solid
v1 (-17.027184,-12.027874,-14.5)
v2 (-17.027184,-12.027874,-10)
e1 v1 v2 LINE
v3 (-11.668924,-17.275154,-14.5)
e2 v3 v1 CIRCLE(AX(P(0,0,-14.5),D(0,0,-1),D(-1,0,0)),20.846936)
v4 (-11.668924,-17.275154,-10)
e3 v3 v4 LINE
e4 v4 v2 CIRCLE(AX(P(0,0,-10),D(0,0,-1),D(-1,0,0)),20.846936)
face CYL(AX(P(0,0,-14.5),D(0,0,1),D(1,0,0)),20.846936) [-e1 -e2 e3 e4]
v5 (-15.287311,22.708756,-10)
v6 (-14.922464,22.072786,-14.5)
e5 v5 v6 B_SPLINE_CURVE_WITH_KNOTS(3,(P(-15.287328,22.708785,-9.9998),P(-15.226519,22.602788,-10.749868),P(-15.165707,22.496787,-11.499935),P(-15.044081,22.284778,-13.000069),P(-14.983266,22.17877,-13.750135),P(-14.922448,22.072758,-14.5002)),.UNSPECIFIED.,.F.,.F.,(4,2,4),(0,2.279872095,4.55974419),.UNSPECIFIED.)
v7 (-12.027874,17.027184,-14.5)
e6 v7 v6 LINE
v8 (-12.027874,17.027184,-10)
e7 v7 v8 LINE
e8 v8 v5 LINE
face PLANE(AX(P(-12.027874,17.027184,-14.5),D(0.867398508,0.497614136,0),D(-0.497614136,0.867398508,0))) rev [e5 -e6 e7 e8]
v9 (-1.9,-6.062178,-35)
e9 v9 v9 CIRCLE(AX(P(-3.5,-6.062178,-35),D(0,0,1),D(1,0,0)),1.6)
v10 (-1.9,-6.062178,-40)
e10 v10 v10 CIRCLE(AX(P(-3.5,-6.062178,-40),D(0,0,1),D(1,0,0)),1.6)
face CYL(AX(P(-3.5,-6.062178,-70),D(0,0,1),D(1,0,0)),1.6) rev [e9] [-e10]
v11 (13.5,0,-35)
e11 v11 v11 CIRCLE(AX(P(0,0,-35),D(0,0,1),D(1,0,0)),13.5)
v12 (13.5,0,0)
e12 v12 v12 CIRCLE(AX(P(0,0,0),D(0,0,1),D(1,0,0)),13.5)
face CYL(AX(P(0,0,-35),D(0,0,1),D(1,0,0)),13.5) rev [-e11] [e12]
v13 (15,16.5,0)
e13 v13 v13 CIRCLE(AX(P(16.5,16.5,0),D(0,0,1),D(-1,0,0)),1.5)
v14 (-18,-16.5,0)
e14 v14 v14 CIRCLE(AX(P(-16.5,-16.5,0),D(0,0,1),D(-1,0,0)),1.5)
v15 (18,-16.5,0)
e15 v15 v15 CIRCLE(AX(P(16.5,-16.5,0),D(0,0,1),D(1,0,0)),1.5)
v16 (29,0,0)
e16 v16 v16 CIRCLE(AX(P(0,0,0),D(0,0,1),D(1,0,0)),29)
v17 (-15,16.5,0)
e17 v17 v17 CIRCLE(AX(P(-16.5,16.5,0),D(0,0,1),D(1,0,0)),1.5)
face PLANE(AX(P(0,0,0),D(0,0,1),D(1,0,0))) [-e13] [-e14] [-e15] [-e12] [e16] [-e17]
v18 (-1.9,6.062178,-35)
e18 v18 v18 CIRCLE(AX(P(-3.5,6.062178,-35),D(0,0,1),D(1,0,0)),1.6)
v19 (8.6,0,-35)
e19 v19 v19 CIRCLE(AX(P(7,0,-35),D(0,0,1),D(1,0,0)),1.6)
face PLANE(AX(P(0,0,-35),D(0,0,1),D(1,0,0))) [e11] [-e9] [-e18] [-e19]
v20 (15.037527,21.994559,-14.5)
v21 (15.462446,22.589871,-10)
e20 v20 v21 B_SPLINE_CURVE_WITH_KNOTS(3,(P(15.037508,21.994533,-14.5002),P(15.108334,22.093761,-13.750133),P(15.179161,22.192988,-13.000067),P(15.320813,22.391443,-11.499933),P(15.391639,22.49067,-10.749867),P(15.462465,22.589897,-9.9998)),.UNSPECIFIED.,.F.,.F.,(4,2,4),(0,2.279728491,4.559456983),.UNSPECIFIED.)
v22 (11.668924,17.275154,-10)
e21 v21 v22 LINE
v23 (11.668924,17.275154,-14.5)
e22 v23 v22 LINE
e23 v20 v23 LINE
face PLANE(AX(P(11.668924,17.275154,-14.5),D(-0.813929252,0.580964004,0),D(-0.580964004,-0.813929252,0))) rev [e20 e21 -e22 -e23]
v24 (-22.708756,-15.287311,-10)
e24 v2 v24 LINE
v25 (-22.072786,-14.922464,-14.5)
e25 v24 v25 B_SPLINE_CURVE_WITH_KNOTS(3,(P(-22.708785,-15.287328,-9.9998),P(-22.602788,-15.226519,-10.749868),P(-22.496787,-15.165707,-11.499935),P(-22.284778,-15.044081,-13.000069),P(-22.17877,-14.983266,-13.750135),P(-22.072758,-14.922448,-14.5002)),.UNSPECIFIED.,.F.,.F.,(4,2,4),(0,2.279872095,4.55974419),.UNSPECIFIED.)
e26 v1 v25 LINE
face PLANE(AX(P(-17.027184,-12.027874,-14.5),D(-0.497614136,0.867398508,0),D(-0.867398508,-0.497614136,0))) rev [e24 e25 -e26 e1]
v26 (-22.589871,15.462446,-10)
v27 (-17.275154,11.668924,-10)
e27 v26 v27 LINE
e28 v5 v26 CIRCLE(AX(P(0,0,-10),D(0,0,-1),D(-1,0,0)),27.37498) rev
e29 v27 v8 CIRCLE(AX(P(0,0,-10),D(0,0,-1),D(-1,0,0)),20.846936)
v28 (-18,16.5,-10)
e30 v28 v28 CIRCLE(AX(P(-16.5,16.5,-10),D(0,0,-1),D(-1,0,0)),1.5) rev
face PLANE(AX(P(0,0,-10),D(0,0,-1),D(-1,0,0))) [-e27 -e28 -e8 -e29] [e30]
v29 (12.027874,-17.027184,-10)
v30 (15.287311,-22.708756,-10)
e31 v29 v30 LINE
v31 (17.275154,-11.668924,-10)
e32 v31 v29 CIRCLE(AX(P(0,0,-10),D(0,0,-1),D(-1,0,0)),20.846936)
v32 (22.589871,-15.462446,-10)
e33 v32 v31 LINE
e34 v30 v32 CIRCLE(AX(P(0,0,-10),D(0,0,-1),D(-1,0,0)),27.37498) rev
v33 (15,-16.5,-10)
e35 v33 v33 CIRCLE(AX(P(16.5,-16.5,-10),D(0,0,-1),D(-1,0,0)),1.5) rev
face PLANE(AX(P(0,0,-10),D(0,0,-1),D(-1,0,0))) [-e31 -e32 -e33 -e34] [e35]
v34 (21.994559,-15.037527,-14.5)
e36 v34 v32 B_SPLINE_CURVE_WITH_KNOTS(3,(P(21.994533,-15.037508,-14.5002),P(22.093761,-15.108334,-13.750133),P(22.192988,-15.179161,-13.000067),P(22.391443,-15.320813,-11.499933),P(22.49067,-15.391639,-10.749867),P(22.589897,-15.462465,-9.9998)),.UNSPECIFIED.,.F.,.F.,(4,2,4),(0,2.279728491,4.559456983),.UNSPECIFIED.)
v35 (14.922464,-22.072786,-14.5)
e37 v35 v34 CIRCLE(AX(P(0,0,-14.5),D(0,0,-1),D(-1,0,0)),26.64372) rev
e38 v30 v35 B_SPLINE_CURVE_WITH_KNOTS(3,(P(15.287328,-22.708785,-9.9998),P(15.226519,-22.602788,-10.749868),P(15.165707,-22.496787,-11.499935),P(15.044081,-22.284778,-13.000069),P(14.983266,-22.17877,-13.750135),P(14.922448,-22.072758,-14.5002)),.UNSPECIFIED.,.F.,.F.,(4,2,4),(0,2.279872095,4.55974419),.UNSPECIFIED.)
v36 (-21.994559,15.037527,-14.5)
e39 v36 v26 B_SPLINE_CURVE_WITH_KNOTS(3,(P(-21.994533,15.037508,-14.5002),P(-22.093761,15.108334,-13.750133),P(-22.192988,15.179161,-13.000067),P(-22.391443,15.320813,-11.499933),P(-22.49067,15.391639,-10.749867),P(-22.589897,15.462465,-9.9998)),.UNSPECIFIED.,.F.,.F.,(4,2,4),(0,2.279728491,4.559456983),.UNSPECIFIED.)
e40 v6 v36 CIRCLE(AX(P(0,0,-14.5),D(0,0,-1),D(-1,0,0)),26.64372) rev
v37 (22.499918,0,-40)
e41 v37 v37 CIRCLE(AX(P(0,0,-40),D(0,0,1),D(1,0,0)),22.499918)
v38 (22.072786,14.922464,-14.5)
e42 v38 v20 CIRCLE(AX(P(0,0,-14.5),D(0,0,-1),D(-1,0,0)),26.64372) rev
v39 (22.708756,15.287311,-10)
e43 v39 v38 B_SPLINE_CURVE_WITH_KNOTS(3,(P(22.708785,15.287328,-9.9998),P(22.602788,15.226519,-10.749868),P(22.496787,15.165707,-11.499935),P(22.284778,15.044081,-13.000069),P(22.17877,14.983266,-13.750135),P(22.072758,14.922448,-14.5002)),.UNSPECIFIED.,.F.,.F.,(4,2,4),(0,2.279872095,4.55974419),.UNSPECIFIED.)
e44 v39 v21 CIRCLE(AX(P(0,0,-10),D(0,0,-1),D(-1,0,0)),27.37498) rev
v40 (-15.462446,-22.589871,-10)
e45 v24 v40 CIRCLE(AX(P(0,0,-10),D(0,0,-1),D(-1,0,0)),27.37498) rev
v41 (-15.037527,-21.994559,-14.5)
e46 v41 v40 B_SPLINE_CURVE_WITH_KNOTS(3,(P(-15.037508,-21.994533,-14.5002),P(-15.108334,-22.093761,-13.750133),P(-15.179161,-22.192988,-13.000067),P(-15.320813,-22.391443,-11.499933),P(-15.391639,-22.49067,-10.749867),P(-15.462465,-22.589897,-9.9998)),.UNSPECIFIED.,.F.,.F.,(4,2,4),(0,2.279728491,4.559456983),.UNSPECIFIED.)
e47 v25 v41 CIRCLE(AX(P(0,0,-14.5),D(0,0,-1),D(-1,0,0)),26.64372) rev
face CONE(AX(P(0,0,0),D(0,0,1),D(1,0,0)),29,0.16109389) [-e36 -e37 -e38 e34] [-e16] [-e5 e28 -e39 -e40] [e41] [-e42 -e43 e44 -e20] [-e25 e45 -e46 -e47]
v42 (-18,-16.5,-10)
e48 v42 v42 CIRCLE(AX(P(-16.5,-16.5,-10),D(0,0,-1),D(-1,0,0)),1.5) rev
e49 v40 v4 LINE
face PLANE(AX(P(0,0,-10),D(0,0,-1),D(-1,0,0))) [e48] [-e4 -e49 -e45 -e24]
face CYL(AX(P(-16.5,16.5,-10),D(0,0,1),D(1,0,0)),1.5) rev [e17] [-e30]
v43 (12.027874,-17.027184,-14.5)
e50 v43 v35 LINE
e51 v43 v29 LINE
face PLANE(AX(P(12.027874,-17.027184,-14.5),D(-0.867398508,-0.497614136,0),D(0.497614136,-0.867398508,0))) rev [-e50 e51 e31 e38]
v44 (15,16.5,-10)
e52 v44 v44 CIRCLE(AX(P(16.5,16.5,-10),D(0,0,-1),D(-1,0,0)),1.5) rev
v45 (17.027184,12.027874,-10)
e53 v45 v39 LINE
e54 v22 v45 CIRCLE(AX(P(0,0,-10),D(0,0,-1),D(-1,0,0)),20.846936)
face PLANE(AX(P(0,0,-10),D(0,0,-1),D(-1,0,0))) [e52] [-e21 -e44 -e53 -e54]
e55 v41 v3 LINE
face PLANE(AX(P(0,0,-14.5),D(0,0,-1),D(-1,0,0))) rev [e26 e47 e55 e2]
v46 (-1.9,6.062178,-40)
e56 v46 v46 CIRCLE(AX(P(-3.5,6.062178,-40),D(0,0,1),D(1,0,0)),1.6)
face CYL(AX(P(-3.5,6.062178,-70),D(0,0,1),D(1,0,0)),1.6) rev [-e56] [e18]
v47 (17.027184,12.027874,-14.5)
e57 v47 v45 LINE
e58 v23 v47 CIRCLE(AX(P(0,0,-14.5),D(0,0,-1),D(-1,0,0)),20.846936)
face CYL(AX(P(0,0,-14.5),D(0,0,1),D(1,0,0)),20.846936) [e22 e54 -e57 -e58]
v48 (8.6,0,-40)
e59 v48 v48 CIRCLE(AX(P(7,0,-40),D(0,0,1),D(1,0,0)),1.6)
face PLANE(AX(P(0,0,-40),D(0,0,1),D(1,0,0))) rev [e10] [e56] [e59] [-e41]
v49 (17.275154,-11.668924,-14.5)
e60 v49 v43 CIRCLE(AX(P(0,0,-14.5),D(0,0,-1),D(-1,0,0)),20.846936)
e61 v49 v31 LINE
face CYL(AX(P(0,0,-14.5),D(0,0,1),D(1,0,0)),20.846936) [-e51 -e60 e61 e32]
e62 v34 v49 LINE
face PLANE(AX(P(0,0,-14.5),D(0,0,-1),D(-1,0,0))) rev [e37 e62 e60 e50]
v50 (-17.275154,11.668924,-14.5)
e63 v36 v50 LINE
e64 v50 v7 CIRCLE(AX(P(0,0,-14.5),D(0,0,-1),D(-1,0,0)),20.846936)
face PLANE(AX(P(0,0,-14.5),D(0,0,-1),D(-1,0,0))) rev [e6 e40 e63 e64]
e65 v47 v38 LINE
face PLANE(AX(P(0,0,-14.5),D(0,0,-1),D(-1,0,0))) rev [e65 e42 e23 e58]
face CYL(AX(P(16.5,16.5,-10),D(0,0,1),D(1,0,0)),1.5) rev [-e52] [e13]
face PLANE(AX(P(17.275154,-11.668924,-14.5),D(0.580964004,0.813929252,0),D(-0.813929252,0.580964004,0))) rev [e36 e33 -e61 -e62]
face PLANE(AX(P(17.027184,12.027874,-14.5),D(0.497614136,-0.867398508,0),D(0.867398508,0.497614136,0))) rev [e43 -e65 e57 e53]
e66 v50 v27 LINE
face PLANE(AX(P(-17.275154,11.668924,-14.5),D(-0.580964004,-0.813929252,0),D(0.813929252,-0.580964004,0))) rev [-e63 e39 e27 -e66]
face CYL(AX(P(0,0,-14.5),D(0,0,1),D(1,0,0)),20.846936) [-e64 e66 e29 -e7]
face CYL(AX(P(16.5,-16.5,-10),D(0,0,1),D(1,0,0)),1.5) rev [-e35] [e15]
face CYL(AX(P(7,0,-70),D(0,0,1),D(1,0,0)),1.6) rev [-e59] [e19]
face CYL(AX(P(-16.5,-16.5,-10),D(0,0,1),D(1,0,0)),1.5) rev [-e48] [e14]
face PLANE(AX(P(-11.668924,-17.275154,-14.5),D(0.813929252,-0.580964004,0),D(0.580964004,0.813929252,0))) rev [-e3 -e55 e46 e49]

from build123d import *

# Parameters (mm, degrees)
SKETCH1_R           = 29
BOSS_EXTRUDE1_DEPTH = 40
BOSS_EXTRUDE1_DRAFT = -9.23
SKETCH2_R           = 1.5
CUT_EXTRUDE1_DEPTH  = 10
SKETCH4_R           = 13.5
CUT_EXTRUDE3_DEPTH  = 35
SKETCH5_R           = 1.6
CUT_EXTRUDE4_DEPTH  = 35
CUT_EXTRUDE5_DEPTH  = 4.5


with BuildPart() as part:
    # Sketch1 → Boss-Extrude1 (with draft: the straight prism first)
    with BuildSketch(Plane.XY):
        Circle(SKETCH1_R)
    extrude(amount=-BOSS_EXTRUDE1_DEPTH)
    # Boss-Extrude1: the draft: its side faces are tilted about the plane it starts from
    boss_extrude1_sides = [part.faces().sort_by_distance(p)[0] for p in [
        (-29, 0, -20),
    ]]
    draft(boss_extrude1_sides, Plane.XY, BOSS_EXTRUDE1_DRAFT)

    # Sketch2 → Cut-Extrude1 (cut)
    with BuildSketch(Plane.XY):
        with Locations((-16.5, 16.5)):
            Circle(SKETCH2_R)
        with Locations(Location((16.5, 16.5, 0), (0, 0, 180))):
            Circle(SKETCH2_R)
        with Locations((16.5, -16.5)):
            Circle(SKETCH2_R)
        with Locations(Location((-16.5, -16.5, 0), (0, 0, 180))):
            Circle(SKETCH2_R)
    extrude(amount=-CUT_EXTRUDE1_DEPTH, mode=Mode.SUBTRACT)

    # Sketch4 → Cut-Extrude3 (cut)
    with BuildSketch(Plane.XY):
        Circle(SKETCH4_R)
    extrude(amount=-CUT_EXTRUDE3_DEPTH, mode=Mode.SUBTRACT)

    # Sketch5 → Cut-Extrude4 (cut)
    with BuildSketch(Plane.XY.offset(-35)):
        with Locations((7, 0)):
            Circle(SKETCH5_R)
        with Locations((-3.5, -6.062177826)):
            Circle(SKETCH5_R)
        with Locations((-3.5, 6.062177826)):
            Circle(SKETCH5_R)
    extrude(amount=-CUT_EXTRUDE4_DEPTH, mode=Mode.SUBTRACT)

    # Sketch6 → Cut-Extrude5 (cut)
    with BuildSketch(Plane.XY.offset(-10)):
        with BuildLine():
            Line((11.668923699, 17.275154255), (17.761390964, 25.810687075))
            ThreePointArc((17.761390964, 25.810687075), (22.367192771, 21.940083496), (26.14828814, 17.260521534))
            Line((26.14828814, 17.260521534), (17.027183551, 12.027874092))
            ThreePointArc((17.027183551, 12.027874092), (14.585956606, 14.894448789), (11.668923699, 17.275154255))
        make_face()
        with BuildLine():
            Line((12.027874092, -17.027183551), (17.260521534, -26.14828814))
            ThreePointArc((17.260521534, -26.14828814), (21.940083496, -22.367192771), (25.810687075, -17.761390964))
            Line((25.810687075, -17.761390964), (17.275154255, -11.668923699))
            ThreePointArc((17.275154255, -11.668923699), (14.894448789, -14.585956606), (12.027874092, -17.027183551))
        make_face()
        with BuildLine():
            Line((-17.027183551, -12.027874092), (-26.14828814, -17.260521534))
            ThreePointArc((-26.14828814, -17.260521534), (-22.367192771, -21.940083496), (-17.761390964, -25.810687075))
            Line((-17.761390964, -25.810687075), (-11.668923699, -17.275154255))
            ThreePointArc((-11.668923699, -17.275154255), (-14.585956606, -14.894448789), (-17.027183551, -12.027874092))
        make_face()
        with BuildLine():
            Line((-12.027874092, 17.027183551), (-17.260521534, 26.14828814))
            ThreePointArc((-17.260521534, 26.14828814), (-21.940083496, 22.367192771), (-25.810687075, 17.761390964))
            Line((-25.810687075, 17.761390964), (-17.275154255, 11.668923699))
            ThreePointArc((-17.275154255, 11.668923699), (-14.894448789, 14.585956606), (-12.027874092, 17.027183551))
        make_face()
    extrude(amount=-CUT_EXTRUDE5_DEPTH, mode=Mode.SUBTRACT)


solid = part.part
